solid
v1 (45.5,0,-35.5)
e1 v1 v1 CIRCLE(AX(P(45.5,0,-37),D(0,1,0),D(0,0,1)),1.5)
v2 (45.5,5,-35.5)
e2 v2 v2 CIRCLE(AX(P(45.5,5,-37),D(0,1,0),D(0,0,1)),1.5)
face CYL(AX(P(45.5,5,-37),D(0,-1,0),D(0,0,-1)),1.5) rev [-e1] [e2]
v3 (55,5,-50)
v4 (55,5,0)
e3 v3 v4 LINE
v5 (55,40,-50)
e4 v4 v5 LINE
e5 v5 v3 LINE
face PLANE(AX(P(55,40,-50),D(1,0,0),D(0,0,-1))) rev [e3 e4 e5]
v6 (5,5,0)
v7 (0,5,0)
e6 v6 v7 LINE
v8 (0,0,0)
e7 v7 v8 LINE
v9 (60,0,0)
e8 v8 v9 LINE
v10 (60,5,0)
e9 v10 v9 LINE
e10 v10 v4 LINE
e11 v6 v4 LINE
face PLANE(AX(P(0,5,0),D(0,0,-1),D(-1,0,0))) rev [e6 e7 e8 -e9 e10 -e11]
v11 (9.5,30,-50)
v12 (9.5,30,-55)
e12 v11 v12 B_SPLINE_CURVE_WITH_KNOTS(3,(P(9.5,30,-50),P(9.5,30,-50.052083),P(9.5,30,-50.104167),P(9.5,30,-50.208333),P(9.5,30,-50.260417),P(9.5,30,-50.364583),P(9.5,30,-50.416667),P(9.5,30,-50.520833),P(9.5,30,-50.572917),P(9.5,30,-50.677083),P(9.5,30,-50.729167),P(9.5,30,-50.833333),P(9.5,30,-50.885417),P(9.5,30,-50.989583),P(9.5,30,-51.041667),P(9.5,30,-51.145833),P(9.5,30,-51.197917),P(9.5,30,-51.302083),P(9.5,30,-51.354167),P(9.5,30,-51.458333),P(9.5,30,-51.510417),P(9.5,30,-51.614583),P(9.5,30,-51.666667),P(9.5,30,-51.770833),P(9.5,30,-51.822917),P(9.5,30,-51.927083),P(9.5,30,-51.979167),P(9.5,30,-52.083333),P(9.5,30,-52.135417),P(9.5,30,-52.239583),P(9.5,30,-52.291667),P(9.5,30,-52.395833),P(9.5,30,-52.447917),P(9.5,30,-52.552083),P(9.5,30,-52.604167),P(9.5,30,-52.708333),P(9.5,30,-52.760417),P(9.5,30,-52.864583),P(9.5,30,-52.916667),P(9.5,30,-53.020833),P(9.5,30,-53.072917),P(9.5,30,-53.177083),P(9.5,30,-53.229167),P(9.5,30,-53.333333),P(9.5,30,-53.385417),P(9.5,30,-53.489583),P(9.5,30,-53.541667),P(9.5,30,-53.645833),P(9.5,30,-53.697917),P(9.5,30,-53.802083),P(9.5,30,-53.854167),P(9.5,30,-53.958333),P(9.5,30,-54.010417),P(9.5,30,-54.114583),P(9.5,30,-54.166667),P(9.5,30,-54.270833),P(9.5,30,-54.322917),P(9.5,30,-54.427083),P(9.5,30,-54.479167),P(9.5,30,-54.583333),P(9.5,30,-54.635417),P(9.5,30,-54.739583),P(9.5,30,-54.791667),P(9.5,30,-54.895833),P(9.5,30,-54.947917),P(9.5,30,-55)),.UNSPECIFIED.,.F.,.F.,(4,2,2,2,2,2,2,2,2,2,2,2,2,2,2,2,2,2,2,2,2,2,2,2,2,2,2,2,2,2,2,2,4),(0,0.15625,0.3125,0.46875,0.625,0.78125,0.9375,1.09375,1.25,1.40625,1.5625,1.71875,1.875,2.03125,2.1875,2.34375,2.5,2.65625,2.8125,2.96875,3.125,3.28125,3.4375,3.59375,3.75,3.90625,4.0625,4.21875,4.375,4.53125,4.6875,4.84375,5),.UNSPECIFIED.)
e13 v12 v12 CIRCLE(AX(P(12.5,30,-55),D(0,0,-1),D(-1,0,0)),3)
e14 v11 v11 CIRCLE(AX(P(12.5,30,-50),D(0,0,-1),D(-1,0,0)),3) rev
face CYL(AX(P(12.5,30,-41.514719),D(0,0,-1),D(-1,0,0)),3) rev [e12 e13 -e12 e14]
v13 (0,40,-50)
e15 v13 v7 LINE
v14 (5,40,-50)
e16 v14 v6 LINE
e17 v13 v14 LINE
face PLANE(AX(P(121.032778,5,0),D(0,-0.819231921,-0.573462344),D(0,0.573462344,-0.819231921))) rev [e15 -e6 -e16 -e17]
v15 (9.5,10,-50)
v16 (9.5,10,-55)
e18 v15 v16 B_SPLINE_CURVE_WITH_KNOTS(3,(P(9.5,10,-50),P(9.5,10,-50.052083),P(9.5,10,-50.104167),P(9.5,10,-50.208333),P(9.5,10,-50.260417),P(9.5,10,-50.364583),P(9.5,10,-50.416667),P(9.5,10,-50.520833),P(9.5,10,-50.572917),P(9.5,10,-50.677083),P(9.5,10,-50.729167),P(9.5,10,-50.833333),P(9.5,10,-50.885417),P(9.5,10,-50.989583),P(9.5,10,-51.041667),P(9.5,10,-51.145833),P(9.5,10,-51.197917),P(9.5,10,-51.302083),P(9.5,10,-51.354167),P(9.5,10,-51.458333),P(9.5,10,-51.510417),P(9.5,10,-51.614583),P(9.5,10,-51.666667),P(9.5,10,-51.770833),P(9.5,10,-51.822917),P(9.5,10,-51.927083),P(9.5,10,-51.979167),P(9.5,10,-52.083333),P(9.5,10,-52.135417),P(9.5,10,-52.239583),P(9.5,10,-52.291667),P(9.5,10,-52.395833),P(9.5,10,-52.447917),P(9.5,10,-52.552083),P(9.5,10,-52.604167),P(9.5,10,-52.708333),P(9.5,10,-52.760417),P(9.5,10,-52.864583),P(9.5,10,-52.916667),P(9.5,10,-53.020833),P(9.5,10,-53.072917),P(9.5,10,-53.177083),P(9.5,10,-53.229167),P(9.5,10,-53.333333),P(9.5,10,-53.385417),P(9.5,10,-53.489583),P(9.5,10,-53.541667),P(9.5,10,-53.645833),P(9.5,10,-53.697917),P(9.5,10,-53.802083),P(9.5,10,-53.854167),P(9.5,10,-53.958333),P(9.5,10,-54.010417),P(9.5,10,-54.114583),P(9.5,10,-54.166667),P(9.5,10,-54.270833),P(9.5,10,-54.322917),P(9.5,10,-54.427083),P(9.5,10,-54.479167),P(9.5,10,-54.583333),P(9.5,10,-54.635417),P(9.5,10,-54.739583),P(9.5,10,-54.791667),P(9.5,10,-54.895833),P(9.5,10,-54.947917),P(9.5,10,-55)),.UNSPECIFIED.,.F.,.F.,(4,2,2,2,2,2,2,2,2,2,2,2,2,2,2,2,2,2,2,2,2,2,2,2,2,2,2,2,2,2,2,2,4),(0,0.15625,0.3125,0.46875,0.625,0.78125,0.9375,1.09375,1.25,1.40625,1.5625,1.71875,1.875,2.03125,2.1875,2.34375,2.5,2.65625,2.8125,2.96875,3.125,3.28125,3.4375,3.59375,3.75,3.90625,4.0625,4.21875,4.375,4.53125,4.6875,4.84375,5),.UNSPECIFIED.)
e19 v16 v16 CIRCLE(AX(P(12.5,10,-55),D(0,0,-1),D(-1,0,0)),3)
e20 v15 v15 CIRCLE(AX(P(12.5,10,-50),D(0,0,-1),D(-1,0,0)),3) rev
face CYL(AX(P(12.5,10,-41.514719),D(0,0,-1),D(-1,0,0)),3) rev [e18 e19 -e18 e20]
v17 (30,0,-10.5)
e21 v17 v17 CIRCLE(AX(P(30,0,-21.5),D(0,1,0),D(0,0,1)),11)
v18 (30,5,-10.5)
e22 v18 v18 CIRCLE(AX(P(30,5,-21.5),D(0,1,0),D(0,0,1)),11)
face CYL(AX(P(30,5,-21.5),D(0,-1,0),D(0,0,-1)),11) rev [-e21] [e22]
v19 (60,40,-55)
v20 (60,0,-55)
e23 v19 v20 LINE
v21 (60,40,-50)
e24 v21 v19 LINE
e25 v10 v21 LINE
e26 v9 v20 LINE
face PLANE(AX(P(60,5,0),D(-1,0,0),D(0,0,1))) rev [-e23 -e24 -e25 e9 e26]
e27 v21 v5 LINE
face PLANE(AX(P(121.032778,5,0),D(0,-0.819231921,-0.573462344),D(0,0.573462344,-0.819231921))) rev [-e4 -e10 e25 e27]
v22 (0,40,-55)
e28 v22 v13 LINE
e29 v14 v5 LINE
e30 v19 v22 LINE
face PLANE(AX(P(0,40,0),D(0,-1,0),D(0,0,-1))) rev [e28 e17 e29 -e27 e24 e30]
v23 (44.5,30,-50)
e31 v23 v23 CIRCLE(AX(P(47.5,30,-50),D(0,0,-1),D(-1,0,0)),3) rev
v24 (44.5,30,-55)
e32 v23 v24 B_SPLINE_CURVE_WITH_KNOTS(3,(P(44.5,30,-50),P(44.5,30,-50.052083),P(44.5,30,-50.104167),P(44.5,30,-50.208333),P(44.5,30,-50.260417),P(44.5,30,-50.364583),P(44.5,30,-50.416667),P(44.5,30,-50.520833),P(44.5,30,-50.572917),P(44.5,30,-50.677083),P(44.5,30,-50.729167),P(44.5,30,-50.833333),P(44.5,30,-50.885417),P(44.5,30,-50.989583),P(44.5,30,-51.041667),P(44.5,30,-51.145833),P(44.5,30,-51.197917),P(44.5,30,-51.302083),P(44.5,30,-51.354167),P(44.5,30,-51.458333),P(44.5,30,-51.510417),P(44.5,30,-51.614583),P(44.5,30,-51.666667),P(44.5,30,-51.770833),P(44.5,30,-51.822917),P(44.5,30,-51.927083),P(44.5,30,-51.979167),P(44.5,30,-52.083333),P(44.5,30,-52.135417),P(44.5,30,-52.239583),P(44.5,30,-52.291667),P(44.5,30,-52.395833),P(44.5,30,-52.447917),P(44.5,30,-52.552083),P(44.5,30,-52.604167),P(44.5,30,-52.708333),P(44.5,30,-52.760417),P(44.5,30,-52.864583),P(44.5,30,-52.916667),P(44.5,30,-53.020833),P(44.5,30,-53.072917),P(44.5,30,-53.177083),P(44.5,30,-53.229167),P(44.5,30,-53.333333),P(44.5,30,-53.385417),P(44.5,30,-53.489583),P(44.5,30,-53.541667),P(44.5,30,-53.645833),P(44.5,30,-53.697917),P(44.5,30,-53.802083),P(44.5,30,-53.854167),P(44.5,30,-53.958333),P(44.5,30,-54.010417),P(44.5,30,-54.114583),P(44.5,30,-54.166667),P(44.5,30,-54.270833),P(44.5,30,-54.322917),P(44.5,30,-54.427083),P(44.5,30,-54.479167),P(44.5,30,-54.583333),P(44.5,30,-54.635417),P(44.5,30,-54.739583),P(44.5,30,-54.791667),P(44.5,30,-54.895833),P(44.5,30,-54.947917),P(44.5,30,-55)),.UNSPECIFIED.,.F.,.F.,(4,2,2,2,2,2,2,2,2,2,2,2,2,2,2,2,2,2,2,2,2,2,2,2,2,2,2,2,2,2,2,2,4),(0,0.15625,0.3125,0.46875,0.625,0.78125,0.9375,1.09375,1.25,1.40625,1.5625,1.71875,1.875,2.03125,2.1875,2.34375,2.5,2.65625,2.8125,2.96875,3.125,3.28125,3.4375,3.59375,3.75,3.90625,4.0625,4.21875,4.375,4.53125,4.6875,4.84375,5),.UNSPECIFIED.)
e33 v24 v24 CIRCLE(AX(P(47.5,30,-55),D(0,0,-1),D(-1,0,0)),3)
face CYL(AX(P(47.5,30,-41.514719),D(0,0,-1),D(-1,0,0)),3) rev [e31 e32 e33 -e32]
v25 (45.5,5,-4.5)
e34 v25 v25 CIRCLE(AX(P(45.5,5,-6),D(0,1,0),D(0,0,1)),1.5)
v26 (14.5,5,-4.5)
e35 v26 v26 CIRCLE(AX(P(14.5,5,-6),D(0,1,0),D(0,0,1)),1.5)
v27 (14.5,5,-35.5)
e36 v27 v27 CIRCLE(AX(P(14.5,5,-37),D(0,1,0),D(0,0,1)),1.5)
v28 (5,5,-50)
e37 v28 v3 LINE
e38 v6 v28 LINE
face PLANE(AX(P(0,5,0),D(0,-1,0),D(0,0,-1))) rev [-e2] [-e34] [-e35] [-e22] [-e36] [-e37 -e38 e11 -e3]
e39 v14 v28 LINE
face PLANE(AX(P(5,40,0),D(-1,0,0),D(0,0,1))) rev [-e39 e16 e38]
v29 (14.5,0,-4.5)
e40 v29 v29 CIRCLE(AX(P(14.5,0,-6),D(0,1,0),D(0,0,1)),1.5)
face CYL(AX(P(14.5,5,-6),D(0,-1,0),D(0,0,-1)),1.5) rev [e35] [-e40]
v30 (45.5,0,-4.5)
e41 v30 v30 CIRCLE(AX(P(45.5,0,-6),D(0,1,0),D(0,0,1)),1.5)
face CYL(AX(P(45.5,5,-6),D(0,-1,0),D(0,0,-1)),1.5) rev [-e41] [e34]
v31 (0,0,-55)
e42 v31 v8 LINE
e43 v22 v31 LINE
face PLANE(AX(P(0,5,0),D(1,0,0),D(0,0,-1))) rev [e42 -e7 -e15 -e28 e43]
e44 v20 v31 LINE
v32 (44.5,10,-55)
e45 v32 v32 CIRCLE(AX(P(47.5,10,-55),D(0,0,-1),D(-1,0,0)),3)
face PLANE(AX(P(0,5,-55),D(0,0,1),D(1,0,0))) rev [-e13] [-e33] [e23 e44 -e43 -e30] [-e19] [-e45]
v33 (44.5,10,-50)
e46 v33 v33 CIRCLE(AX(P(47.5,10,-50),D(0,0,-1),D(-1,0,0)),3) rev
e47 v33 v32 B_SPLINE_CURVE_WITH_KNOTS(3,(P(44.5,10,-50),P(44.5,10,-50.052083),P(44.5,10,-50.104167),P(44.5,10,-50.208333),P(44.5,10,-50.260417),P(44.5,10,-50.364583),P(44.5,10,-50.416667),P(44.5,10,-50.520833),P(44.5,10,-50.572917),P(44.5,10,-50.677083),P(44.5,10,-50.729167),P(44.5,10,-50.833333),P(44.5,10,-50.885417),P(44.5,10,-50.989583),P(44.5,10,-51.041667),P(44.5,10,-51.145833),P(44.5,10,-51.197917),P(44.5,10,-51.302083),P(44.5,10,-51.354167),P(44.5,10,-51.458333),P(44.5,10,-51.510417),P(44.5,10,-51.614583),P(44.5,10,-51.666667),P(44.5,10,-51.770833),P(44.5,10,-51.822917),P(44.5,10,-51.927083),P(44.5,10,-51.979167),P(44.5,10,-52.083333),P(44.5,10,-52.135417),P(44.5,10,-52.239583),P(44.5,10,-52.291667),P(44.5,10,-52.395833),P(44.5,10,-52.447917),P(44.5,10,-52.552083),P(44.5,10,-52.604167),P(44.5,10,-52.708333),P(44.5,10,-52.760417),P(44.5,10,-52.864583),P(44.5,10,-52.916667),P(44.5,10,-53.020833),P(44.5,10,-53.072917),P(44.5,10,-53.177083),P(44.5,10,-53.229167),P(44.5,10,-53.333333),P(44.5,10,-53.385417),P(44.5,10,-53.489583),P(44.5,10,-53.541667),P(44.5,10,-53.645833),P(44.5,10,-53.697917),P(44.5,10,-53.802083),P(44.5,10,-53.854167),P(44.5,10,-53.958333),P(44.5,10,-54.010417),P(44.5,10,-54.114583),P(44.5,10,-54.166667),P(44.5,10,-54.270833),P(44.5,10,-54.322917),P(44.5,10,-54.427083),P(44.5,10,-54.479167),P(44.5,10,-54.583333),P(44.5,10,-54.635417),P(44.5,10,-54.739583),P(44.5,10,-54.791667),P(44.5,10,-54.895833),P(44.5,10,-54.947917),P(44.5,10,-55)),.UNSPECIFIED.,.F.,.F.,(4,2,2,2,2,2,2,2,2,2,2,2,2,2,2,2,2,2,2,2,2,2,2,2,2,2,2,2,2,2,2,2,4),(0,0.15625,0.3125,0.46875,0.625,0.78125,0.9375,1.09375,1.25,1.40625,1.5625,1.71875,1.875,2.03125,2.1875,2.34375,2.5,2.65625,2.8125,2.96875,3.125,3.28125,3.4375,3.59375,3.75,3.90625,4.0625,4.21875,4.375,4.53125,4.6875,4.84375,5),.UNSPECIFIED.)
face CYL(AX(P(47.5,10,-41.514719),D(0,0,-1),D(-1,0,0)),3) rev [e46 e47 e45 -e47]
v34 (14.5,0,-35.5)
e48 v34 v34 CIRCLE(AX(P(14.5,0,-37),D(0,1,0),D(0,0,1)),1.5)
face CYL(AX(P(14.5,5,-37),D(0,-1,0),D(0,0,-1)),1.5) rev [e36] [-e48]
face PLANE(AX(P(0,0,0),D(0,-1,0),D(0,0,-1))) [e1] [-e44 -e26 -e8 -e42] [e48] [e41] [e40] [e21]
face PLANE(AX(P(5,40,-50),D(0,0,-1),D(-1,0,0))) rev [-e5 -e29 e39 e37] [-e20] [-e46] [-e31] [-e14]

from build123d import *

# Parameters (mm, degrees)
SKETCH_1_W          = 60
SKETCH_1_H          = 55
SKETCH_1_R          = 11
SKETCH_1_R_2        = 1.5
EXTRUDE_1_DEPTH     = 5
EXTRUDE_2_DEPTH     = 35
SKETCH_4_R          = 3
CUT_EXTRUDE_1_DEPTH = 5
CUT_EXTRUDE_2_REACH = 92.692


with BuildPart() as part:
    # Эскиз1 → Бобышка-Вытянуть1 (new body)
    with BuildSketch(Plane(origin=(0, 0, 0), x_dir=(1, 0, 0), z_dir=(0, 1, 0))):
        with Locations((30, 27.5)):
            Rectangle(SKETCH_1_W, SKETCH_1_H)
        with Locations(Location((30, 21.5, 0), (0, 0, 270))):
            Circle(SKETCH_1_R, mode=Mode.SUBTRACT)
        with Locations(Location((14.5, 37, 0), (0, 0, 270))):
            Circle(SKETCH_1_R_2, mode=Mode.SUBTRACT)
        with Locations(Location((45.5, 37, 0), (0, 0, 270))):
            Circle(SKETCH_1_R_2, mode=Mode.SUBTRACT)
        with Locations(Location((45.5, 6, 0), (0, 0, 270))):
            Circle(SKETCH_1_R_2, mode=Mode.SUBTRACT)
        with Locations(Location((14.5, 6, 0), (0, 0, 270))):
            Circle(SKETCH_1_R_2, mode=Mode.SUBTRACT)
    extrude(amount=EXTRUDE_1_DEPTH)

    # Эскиз3 → Бобышка-Вытянуть2 (add)
    with BuildSketch(Plane(origin=(0, 5, 0), x_dir=(1, 0, 0), z_dir=(0, 1, 0))):
        Polygon((5, 50), (55, 50), (55, 0), (60, 0), (60, 55), (0, 55), (0, 0), (5, 0), align=None)
    extrude(amount=EXTRUDE_2_DEPTH)

    # Эскиз4 → Вырез-Вытянуть1 (cut)
    with BuildSketch(Plane(origin=(0, 0, -55), x_dir=(-1, 0, 0), z_dir=(0, 0, -1))):
        with Locations((-12.5, 10)):
            Circle(SKETCH_4_R)
        with Locations((-12.5, 30)):
            Circle(SKETCH_4_R)
        with Locations((-47.5, 30)):
            Circle(SKETCH_4_R)
        with Locations((-47.5, 10)):
            Circle(SKETCH_4_R)
    extrude(amount=-CUT_EXTRUDE_1_DEPTH, mode=Mode.SUBTRACT)

    # Вырез-Вытянуть2: up to this face of the body (flat: up to its plane)
    cut_extrude_2_end = Plane(part.part.faces().sort_by_distance((60, 20, -27.5))[0])
    # Эскиз5 → Вырез-Вытянуть2 (cut, up to the picked face)
    with BuildSketch(Plane.ZY, mode=Mode.PRIVATE) as cut_extrude_2_sk1:
        Polygon((0, 5), (-50, 40), (0, 40), align=None)
    cut_extrude_2_tool1 = split(extrude(cut_extrude_2_sk1.sketch, amount=-CUT_EXTRUDE_2_REACH, mode=Mode.PRIVATE), bisect_by=cut_extrude_2_end, keep=Keep.BOTH, mode=Mode.PRIVATE)
    add(cut_extrude_2_tool1.solids().sort_by(Axis((0, 28.333333, -16.666667), (1, 0, 0)))[0], mode=Mode.SUBTRACT)


solid = part.part
